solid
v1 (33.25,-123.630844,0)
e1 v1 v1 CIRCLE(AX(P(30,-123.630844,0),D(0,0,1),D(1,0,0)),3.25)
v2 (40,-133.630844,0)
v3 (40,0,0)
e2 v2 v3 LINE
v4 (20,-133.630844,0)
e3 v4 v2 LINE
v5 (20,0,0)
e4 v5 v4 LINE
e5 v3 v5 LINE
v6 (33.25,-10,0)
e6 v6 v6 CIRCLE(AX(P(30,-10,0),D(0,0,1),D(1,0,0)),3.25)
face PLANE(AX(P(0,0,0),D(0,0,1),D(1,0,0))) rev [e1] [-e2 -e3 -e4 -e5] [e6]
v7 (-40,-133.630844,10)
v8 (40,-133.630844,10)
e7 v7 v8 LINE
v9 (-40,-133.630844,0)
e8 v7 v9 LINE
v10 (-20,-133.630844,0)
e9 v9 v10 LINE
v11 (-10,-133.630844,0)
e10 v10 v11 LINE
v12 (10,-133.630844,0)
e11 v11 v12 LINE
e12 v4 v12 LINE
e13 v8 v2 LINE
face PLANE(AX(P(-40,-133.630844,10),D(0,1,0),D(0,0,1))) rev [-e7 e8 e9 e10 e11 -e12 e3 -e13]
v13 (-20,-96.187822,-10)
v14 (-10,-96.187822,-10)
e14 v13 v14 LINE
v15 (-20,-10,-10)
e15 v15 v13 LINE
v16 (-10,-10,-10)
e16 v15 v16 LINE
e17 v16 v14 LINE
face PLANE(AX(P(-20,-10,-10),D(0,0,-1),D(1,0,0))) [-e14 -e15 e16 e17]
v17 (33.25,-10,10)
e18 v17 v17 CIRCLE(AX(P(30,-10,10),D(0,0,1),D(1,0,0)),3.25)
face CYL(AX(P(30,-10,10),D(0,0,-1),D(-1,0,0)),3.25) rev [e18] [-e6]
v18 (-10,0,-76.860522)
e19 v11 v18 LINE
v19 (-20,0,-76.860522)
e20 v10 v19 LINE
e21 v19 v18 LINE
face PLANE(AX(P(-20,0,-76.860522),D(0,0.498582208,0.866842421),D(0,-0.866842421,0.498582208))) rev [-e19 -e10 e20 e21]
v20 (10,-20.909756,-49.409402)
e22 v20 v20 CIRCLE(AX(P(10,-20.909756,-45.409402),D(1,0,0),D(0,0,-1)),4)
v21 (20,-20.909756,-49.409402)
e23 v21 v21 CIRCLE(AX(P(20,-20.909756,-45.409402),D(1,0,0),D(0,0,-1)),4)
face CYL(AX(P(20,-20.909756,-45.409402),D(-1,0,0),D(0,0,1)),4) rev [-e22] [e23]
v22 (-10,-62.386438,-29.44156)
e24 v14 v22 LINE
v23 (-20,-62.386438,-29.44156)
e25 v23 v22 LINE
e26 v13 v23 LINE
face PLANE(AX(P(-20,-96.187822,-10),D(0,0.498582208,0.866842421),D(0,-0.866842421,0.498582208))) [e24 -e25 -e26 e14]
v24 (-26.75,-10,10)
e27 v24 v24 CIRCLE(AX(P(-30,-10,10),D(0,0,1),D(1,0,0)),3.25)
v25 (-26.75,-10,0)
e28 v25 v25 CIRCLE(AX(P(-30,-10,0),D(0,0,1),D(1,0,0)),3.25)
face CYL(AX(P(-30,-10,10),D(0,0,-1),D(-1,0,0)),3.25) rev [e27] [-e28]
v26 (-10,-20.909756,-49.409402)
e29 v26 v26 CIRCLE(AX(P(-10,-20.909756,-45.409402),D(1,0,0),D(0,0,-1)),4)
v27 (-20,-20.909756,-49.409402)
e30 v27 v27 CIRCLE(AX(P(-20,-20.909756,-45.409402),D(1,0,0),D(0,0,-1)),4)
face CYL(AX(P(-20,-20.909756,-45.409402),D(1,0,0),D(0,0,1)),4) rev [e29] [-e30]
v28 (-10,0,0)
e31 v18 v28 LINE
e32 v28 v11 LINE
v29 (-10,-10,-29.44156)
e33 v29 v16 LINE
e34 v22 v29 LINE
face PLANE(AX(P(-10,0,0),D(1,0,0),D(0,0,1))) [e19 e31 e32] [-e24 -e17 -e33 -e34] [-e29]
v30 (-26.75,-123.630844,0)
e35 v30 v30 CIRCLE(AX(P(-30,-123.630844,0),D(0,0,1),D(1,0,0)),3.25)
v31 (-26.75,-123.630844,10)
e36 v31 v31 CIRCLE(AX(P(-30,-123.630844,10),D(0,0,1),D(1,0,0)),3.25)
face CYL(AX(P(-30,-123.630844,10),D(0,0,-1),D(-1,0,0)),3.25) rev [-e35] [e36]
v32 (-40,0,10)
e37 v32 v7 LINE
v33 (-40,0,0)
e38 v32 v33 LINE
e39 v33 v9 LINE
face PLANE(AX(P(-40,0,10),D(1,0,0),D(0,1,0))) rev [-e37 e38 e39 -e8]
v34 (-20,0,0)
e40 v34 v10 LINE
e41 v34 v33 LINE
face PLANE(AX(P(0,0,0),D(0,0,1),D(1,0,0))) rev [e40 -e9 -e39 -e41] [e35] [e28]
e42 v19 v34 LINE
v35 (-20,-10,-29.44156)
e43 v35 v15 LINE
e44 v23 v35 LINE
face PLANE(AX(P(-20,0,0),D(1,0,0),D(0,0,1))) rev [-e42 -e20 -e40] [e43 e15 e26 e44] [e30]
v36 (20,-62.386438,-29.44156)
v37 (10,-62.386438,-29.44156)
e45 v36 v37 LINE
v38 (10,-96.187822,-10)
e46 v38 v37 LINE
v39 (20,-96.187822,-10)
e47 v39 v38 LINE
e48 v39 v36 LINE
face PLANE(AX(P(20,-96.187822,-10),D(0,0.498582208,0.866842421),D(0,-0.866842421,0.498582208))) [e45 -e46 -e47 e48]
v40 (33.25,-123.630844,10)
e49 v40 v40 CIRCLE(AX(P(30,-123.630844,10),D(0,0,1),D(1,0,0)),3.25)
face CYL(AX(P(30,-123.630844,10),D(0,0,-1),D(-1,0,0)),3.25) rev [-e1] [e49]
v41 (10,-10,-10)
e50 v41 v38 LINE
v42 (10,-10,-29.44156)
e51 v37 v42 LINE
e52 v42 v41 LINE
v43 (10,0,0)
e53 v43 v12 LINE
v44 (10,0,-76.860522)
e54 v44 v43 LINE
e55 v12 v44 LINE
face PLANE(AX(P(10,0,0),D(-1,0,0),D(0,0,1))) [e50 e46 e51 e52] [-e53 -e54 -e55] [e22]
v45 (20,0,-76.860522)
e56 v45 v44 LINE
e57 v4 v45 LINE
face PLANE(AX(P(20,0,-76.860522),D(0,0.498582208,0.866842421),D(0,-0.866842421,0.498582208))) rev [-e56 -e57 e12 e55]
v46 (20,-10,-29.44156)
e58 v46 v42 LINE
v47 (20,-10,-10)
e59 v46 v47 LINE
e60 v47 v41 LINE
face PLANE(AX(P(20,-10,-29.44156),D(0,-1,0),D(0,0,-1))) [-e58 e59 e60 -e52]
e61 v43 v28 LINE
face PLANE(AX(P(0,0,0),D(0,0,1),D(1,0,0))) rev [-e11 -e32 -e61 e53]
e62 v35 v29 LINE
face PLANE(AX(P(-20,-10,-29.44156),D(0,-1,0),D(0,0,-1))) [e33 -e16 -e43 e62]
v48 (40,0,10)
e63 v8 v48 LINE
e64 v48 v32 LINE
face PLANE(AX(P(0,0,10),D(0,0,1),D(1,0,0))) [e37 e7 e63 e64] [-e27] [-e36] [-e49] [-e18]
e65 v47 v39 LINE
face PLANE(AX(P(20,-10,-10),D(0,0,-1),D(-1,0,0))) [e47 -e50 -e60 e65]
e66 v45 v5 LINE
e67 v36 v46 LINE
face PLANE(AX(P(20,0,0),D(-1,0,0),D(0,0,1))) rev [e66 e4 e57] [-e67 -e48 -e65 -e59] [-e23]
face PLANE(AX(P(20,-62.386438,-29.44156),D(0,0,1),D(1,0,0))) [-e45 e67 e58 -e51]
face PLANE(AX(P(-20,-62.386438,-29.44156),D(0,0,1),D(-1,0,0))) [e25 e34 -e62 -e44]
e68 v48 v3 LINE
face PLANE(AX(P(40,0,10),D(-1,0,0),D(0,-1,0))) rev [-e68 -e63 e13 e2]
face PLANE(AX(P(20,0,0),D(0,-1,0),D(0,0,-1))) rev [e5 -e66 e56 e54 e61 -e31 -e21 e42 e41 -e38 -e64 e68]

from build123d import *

# Parameters (mm, degrees)
ESBO_O1_R                = 4
RESSALTO_EXTRUS_O2_DEPTH = 10
ESBO_O2_W                = 80
ESBO_O2_H                = 133.630843717
ESBO_O2_R                = 3.25
RESSALTO_EXTRUS_O3_DEPTH = 10


with BuildPart() as part:
    # Esboço1 → Ressalto-extrusão2 (new body)
    with BuildSketch(Plane(origin=(10, 0, 0), x_dir=(0, 0, -1), z_dir=(1, 0, 0))):
        Polygon((0, 0), (76.860522137, 0), (0, -133.630843717), align=None)
        with Locations((45.40940211, -20.909755611)):
            Circle(ESBO_O1_R, mode=Mode.SUBTRACT)
        Polygon((10, -10), (10, -96.187822441), (29.441560186, -62.386437561), (29.441560186, -10), align=None, mode=Mode.SUBTRACT)
    extrude(amount=RESSALTO_EXTRUS_O2_DEPTH)


with BuildPart() as body_2:
    # Espelhar2: mirrored copy
    add(part.part.mirror(Plane(origin=(0, 0, 0), x_dir=(0, 0, 1), z_dir=(1, 0, 0))))


with BuildPart() as part_1:
    add(part.part)

    add(body_2.part)  # Ressalto-extrusão3 merges body 2
    # Esboço2 → Ressalto-extrusão3 (add)
    with BuildSketch(Plane.XY):
        with Locations((0, -66.815421859)):
            Rectangle(ESBO_O2_W, ESBO_O2_H)
        with Locations((-30, -10)):
            Circle(ESBO_O2_R, mode=Mode.SUBTRACT)
        with Locations((30, -10)):
            Circle(ESBO_O2_R, mode=Mode.SUBTRACT)
        with Locations((-30, -123.630843717)):
            Circle(ESBO_O2_R, mode=Mode.SUBTRACT)
        with Locations((30, -123.630843717)):
            Circle(ESBO_O2_R, mode=Mode.SUBTRACT)
    extrude(amount=RESSALTO_EXTRUS_O3_DEPTH)


solid = part_1.part
